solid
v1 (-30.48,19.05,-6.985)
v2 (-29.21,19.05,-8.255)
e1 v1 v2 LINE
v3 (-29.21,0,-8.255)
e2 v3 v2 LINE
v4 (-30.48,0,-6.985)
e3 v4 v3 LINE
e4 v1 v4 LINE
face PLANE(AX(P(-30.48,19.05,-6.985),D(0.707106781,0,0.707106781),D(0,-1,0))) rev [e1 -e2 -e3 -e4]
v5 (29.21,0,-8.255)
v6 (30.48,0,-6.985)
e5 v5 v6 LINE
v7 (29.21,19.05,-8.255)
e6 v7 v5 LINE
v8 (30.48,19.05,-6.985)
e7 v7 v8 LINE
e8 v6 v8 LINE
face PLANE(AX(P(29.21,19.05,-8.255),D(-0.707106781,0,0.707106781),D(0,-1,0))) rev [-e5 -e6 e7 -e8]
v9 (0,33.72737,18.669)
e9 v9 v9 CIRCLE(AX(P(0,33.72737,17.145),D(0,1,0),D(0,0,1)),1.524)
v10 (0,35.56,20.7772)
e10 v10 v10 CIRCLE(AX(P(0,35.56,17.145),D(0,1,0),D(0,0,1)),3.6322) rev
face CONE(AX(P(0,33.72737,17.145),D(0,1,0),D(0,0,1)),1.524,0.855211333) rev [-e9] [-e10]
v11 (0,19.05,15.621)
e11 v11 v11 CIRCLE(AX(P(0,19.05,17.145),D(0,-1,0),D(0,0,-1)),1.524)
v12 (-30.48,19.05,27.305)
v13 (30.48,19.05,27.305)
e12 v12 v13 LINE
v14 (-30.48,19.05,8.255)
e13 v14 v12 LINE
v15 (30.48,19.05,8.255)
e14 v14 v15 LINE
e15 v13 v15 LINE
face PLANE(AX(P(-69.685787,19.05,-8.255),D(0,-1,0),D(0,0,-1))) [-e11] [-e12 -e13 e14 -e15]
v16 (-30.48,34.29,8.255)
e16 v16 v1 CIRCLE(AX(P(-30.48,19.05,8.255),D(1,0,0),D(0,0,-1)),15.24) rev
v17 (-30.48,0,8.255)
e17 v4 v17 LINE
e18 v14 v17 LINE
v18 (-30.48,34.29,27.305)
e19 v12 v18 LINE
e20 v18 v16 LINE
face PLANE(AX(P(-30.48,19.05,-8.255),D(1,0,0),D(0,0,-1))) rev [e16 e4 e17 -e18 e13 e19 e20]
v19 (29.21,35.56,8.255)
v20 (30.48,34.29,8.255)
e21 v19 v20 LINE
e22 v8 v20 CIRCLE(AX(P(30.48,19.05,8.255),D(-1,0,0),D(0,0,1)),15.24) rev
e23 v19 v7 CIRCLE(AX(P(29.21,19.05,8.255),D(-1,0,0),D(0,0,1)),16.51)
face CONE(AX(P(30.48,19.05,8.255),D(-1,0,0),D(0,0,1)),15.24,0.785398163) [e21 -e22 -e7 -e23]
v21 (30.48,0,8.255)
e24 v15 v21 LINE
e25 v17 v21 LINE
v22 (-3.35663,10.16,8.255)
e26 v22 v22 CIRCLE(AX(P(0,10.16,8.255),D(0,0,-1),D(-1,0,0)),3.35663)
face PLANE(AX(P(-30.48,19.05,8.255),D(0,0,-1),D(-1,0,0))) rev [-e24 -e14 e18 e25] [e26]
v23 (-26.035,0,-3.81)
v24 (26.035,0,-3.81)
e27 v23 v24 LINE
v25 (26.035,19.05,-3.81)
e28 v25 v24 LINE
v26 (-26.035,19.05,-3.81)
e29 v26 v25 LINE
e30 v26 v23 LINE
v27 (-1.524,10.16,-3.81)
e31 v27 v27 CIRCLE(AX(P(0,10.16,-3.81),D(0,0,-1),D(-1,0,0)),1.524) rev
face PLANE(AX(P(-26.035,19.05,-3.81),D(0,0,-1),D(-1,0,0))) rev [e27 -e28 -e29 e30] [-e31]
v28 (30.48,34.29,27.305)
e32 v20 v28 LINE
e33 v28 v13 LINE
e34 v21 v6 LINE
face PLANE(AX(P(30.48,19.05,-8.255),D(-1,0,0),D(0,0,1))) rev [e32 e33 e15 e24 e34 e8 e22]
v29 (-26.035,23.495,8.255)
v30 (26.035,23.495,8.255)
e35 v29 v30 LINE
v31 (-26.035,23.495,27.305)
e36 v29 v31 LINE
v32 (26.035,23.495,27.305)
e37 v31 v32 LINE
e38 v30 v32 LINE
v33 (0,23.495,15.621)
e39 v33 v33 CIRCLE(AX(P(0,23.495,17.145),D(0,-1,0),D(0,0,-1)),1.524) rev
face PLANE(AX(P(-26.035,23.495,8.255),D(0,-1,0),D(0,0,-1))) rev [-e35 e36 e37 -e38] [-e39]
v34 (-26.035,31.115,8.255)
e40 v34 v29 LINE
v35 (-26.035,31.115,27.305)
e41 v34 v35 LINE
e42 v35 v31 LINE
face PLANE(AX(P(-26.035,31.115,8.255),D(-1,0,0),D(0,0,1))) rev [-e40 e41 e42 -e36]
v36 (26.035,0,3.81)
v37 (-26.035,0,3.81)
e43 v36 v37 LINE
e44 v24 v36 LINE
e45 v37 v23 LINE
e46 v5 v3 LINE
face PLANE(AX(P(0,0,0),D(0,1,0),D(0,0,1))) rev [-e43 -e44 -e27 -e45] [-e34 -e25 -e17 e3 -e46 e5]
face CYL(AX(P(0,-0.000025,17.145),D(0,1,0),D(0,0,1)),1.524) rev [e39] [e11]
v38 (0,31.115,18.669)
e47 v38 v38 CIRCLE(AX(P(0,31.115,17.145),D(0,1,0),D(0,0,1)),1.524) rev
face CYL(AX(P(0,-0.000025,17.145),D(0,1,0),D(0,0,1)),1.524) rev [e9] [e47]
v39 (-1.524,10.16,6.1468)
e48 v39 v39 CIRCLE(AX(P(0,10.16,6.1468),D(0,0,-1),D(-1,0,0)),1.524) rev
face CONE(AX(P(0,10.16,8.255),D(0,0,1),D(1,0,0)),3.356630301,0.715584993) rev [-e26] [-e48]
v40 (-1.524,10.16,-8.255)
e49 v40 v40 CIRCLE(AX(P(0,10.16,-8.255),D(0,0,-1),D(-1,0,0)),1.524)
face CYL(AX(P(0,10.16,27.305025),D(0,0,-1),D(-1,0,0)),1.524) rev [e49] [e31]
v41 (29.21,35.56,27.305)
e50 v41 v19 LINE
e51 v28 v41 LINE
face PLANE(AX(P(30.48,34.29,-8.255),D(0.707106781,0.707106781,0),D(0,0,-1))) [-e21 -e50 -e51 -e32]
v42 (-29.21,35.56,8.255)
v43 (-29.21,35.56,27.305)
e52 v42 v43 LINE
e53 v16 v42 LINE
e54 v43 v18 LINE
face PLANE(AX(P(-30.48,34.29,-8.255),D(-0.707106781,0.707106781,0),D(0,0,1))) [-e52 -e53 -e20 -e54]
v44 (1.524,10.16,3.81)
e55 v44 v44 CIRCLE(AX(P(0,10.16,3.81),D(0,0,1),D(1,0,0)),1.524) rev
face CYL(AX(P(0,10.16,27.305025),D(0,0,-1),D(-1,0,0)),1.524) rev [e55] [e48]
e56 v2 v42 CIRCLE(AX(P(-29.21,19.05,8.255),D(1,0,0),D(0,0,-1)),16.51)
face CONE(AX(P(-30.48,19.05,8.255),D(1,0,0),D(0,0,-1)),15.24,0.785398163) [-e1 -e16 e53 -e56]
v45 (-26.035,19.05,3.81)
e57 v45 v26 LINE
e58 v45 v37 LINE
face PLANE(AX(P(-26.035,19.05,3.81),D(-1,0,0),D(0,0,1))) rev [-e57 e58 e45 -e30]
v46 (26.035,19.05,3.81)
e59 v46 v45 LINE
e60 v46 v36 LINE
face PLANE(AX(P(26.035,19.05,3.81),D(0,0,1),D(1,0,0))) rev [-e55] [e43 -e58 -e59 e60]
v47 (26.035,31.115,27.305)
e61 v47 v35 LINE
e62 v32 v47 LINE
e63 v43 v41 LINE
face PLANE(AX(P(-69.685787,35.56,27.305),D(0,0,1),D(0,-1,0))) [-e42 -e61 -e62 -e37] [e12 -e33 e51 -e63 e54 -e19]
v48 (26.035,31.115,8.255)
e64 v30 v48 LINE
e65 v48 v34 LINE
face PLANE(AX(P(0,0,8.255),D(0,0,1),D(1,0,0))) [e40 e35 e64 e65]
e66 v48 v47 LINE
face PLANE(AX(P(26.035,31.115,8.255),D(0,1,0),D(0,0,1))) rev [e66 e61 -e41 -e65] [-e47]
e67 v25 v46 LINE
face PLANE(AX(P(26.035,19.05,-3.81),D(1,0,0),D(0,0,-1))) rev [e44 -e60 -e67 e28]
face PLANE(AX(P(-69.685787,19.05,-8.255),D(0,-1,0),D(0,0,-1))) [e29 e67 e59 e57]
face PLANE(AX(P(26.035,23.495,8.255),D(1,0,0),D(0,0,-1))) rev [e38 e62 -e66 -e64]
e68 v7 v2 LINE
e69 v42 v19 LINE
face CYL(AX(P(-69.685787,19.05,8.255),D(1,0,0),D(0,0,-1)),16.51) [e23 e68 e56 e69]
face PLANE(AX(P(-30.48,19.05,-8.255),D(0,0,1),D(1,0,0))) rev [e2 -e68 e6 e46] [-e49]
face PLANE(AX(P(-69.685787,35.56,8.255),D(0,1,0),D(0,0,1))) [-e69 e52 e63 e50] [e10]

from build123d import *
from OCP.BRepFilletAPI import BRepFilletAPI_MakeChamfer

# Parameters (mm, degrees)
SKETCH1_W           = 60.96
SKETCH1_H           = 16.51
SKETCH1_W_2         = 50.8
SKETCH1_H_2         = 6.35
BOSS_EXTRUDE1_DEPTH = 19.05
BOSS_EXTRUDE2_DEPTH = 60.96
SKETCH6_W           = 50.8
SKETCH6_H           = 6.35
CUT_EXTRUDE1_DEPTH  = 19.05
SKETCH7_R           = 1.524
CUT_EXTRUDE2_DEPTH  = 59.805251466
SKETCH8_R           = 1.524
CUT_EXTRUDE3_DEPTH  = 55.213531752
CHAMFER1_SIZE       = 2.1082
CHAMFER1_SIZE2      = 1.832630301
SKETCH9_W           = 52.07
SKETCH9_H           = 7.62
CUT_EXTRUDE4_DEPTH  = 19.05
SKETCH10_W          = 52.07
SKETCH10_H          = 7.62
CUT_EXTRUDE5_DEPTH  = 19.05
CHAMFER2_SIZE       = 1.27


with BuildPart() as part:
    # Sketch1 → Boss-Extrude1 (new body)
    with BuildSketch(Plane(origin=(0, 0, 0), x_dir=(1, 0, 0), z_dir=(0, 1, 0))):
        Rectangle(SKETCH1_W, SKETCH1_H)
        Rectangle(SKETCH1_W_2, SKETCH1_H_2, mode=Mode.SUBTRACT)
    extrude(amount=BOSS_EXTRUDE1_DEPTH)

    # Sketch5 → Boss-Extrude2 (add)
    with BuildSketch(Plane(origin=(30.48, 0, 0), x_dir=(0, 0, -1), z_dir=(1, 0, 0))):
        with BuildLine():
            Line((-8.255, 35.56), (-27.305, 35.56))
            Line((-27.305, 35.56), (-27.305, 19.05))
            Line((-27.305, 19.05), (-8.255, 19.05))
            Line((-8.255, 19.05), (8.255, 19.05))
            ThreePointArc((8.255, 19.05), (3.419332957, 30.724332957), (-8.255, 35.56))
        make_face()
    extrude(amount=-BOSS_EXTRUDE2_DEPTH)

    # Sketch6 → Cut-Extrude1 (cut)
    with BuildSketch(Plane.XY.offset(27.305)):
        with Locations((0, 27.305)):
            Rectangle(SKETCH6_W, SKETCH6_H)
    extrude(amount=-CUT_EXTRUDE1_DEPTH, mode=Mode.SUBTRACT)

    # Sketch7 → Cut-Extrude2 (cut, through all)
    with BuildSketch(Plane(origin=(0, 0, -8.255), x_dir=(-1, 0, 0), z_dir=(0, 0, -1))):
        with Locations((0, 10.16)):
            Circle(SKETCH7_R)
    extrude(amount=-CUT_EXTRUDE2_DEPTH, mode=Mode.SUBTRACT)

    # Sketch8 → Cut-Extrude3 (cut, through all)
    with BuildSketch(Plane(origin=(0, 35.56, 0), x_dir=(1, 0, 0), z_dir=(0, 1, 0))):
        with Locations(Location((0, -17.145, 0), (0, 0, 270))):
            Circle(SKETCH8_R)
    extrude(amount=-CUT_EXTRUDE3_DEPTH, mode=Mode.SUBTRACT)

    # Chamfer1: one chamfer whose edges measure the first distance from different faces: ONE call of the kernel's chamfer builder (chamfer() names one face for all edges)
    chamfer1_edges_1 = [part.edges().sort_by_distance(p)[0] for p in [
        (1.524, 10.16, 8.255),
    ]]
    chamfer1_side_1 = [part.faces().sort_by_distance(p)[0] for p in [
        (1.524, 10.16, 5.715),
    ]]
    chamfer1_edges_2 = [part.edges().sort_by_distance(p)[0] for p in [
        (0, 35.56, 15.621),
    ]]
    chamfer1_side_2 = [part.faces().sort_by_distance(p)[0] for p in [
        (0, 35.56, 8.893672381),
    ]]
    chamfer1 = BRepFilletAPI_MakeChamfer(part.part.solid().wrapped)
    for e in chamfer1_edges_1:
        chamfer1.Add(CHAMFER1_SIZE, CHAMFER1_SIZE2, e.wrapped, chamfer1_side_1[0].wrapped)  # the first distance lies on this face
    for e in chamfer1_edges_2:
        chamfer1.Add(CHAMFER1_SIZE, CHAMFER1_SIZE2, e.wrapped, chamfer1_side_2[0].wrapped)  # the first distance lies on this face
    add(Compound.cast(chamfer1.Shape()), mode=Mode.REPLACE)

    # Sketch9 → Cut-Extrude4 (cut)
    with BuildSketch(Plane.XY.offset(27.305)):
        with Locations((0, 27.305)):
            Rectangle(SKETCH9_W, SKETCH9_H)
    extrude(amount=-CUT_EXTRUDE4_DEPTH, mode=Mode.SUBTRACT)

    # Sketch10 → Cut-Extrude5 (cut)
    with BuildSketch(Plane.XZ):
        Rectangle(SKETCH10_W, SKETCH10_H)
    extrude(amount=-CUT_EXTRUDE5_DEPTH, mode=Mode.SUBTRACT)

    # Chamfer2
    chamfer2_edges = [part.edges().sort_by_distance(p)[0] for p in [
        (30.48, 30.724332957, -3.419332957),
        (30.48, 35.56, 17.78),
        (-30.48, 30.724332957, -3.419332957),
        (-30.48, 35.56, 17.78),
        (-30.48, 9.525, -8.255),
        (30.48, 9.525, -8.255),
    ]]
    chamfer(chamfer2_edges, length=CHAMFER2_SIZE)


solid = part.part
